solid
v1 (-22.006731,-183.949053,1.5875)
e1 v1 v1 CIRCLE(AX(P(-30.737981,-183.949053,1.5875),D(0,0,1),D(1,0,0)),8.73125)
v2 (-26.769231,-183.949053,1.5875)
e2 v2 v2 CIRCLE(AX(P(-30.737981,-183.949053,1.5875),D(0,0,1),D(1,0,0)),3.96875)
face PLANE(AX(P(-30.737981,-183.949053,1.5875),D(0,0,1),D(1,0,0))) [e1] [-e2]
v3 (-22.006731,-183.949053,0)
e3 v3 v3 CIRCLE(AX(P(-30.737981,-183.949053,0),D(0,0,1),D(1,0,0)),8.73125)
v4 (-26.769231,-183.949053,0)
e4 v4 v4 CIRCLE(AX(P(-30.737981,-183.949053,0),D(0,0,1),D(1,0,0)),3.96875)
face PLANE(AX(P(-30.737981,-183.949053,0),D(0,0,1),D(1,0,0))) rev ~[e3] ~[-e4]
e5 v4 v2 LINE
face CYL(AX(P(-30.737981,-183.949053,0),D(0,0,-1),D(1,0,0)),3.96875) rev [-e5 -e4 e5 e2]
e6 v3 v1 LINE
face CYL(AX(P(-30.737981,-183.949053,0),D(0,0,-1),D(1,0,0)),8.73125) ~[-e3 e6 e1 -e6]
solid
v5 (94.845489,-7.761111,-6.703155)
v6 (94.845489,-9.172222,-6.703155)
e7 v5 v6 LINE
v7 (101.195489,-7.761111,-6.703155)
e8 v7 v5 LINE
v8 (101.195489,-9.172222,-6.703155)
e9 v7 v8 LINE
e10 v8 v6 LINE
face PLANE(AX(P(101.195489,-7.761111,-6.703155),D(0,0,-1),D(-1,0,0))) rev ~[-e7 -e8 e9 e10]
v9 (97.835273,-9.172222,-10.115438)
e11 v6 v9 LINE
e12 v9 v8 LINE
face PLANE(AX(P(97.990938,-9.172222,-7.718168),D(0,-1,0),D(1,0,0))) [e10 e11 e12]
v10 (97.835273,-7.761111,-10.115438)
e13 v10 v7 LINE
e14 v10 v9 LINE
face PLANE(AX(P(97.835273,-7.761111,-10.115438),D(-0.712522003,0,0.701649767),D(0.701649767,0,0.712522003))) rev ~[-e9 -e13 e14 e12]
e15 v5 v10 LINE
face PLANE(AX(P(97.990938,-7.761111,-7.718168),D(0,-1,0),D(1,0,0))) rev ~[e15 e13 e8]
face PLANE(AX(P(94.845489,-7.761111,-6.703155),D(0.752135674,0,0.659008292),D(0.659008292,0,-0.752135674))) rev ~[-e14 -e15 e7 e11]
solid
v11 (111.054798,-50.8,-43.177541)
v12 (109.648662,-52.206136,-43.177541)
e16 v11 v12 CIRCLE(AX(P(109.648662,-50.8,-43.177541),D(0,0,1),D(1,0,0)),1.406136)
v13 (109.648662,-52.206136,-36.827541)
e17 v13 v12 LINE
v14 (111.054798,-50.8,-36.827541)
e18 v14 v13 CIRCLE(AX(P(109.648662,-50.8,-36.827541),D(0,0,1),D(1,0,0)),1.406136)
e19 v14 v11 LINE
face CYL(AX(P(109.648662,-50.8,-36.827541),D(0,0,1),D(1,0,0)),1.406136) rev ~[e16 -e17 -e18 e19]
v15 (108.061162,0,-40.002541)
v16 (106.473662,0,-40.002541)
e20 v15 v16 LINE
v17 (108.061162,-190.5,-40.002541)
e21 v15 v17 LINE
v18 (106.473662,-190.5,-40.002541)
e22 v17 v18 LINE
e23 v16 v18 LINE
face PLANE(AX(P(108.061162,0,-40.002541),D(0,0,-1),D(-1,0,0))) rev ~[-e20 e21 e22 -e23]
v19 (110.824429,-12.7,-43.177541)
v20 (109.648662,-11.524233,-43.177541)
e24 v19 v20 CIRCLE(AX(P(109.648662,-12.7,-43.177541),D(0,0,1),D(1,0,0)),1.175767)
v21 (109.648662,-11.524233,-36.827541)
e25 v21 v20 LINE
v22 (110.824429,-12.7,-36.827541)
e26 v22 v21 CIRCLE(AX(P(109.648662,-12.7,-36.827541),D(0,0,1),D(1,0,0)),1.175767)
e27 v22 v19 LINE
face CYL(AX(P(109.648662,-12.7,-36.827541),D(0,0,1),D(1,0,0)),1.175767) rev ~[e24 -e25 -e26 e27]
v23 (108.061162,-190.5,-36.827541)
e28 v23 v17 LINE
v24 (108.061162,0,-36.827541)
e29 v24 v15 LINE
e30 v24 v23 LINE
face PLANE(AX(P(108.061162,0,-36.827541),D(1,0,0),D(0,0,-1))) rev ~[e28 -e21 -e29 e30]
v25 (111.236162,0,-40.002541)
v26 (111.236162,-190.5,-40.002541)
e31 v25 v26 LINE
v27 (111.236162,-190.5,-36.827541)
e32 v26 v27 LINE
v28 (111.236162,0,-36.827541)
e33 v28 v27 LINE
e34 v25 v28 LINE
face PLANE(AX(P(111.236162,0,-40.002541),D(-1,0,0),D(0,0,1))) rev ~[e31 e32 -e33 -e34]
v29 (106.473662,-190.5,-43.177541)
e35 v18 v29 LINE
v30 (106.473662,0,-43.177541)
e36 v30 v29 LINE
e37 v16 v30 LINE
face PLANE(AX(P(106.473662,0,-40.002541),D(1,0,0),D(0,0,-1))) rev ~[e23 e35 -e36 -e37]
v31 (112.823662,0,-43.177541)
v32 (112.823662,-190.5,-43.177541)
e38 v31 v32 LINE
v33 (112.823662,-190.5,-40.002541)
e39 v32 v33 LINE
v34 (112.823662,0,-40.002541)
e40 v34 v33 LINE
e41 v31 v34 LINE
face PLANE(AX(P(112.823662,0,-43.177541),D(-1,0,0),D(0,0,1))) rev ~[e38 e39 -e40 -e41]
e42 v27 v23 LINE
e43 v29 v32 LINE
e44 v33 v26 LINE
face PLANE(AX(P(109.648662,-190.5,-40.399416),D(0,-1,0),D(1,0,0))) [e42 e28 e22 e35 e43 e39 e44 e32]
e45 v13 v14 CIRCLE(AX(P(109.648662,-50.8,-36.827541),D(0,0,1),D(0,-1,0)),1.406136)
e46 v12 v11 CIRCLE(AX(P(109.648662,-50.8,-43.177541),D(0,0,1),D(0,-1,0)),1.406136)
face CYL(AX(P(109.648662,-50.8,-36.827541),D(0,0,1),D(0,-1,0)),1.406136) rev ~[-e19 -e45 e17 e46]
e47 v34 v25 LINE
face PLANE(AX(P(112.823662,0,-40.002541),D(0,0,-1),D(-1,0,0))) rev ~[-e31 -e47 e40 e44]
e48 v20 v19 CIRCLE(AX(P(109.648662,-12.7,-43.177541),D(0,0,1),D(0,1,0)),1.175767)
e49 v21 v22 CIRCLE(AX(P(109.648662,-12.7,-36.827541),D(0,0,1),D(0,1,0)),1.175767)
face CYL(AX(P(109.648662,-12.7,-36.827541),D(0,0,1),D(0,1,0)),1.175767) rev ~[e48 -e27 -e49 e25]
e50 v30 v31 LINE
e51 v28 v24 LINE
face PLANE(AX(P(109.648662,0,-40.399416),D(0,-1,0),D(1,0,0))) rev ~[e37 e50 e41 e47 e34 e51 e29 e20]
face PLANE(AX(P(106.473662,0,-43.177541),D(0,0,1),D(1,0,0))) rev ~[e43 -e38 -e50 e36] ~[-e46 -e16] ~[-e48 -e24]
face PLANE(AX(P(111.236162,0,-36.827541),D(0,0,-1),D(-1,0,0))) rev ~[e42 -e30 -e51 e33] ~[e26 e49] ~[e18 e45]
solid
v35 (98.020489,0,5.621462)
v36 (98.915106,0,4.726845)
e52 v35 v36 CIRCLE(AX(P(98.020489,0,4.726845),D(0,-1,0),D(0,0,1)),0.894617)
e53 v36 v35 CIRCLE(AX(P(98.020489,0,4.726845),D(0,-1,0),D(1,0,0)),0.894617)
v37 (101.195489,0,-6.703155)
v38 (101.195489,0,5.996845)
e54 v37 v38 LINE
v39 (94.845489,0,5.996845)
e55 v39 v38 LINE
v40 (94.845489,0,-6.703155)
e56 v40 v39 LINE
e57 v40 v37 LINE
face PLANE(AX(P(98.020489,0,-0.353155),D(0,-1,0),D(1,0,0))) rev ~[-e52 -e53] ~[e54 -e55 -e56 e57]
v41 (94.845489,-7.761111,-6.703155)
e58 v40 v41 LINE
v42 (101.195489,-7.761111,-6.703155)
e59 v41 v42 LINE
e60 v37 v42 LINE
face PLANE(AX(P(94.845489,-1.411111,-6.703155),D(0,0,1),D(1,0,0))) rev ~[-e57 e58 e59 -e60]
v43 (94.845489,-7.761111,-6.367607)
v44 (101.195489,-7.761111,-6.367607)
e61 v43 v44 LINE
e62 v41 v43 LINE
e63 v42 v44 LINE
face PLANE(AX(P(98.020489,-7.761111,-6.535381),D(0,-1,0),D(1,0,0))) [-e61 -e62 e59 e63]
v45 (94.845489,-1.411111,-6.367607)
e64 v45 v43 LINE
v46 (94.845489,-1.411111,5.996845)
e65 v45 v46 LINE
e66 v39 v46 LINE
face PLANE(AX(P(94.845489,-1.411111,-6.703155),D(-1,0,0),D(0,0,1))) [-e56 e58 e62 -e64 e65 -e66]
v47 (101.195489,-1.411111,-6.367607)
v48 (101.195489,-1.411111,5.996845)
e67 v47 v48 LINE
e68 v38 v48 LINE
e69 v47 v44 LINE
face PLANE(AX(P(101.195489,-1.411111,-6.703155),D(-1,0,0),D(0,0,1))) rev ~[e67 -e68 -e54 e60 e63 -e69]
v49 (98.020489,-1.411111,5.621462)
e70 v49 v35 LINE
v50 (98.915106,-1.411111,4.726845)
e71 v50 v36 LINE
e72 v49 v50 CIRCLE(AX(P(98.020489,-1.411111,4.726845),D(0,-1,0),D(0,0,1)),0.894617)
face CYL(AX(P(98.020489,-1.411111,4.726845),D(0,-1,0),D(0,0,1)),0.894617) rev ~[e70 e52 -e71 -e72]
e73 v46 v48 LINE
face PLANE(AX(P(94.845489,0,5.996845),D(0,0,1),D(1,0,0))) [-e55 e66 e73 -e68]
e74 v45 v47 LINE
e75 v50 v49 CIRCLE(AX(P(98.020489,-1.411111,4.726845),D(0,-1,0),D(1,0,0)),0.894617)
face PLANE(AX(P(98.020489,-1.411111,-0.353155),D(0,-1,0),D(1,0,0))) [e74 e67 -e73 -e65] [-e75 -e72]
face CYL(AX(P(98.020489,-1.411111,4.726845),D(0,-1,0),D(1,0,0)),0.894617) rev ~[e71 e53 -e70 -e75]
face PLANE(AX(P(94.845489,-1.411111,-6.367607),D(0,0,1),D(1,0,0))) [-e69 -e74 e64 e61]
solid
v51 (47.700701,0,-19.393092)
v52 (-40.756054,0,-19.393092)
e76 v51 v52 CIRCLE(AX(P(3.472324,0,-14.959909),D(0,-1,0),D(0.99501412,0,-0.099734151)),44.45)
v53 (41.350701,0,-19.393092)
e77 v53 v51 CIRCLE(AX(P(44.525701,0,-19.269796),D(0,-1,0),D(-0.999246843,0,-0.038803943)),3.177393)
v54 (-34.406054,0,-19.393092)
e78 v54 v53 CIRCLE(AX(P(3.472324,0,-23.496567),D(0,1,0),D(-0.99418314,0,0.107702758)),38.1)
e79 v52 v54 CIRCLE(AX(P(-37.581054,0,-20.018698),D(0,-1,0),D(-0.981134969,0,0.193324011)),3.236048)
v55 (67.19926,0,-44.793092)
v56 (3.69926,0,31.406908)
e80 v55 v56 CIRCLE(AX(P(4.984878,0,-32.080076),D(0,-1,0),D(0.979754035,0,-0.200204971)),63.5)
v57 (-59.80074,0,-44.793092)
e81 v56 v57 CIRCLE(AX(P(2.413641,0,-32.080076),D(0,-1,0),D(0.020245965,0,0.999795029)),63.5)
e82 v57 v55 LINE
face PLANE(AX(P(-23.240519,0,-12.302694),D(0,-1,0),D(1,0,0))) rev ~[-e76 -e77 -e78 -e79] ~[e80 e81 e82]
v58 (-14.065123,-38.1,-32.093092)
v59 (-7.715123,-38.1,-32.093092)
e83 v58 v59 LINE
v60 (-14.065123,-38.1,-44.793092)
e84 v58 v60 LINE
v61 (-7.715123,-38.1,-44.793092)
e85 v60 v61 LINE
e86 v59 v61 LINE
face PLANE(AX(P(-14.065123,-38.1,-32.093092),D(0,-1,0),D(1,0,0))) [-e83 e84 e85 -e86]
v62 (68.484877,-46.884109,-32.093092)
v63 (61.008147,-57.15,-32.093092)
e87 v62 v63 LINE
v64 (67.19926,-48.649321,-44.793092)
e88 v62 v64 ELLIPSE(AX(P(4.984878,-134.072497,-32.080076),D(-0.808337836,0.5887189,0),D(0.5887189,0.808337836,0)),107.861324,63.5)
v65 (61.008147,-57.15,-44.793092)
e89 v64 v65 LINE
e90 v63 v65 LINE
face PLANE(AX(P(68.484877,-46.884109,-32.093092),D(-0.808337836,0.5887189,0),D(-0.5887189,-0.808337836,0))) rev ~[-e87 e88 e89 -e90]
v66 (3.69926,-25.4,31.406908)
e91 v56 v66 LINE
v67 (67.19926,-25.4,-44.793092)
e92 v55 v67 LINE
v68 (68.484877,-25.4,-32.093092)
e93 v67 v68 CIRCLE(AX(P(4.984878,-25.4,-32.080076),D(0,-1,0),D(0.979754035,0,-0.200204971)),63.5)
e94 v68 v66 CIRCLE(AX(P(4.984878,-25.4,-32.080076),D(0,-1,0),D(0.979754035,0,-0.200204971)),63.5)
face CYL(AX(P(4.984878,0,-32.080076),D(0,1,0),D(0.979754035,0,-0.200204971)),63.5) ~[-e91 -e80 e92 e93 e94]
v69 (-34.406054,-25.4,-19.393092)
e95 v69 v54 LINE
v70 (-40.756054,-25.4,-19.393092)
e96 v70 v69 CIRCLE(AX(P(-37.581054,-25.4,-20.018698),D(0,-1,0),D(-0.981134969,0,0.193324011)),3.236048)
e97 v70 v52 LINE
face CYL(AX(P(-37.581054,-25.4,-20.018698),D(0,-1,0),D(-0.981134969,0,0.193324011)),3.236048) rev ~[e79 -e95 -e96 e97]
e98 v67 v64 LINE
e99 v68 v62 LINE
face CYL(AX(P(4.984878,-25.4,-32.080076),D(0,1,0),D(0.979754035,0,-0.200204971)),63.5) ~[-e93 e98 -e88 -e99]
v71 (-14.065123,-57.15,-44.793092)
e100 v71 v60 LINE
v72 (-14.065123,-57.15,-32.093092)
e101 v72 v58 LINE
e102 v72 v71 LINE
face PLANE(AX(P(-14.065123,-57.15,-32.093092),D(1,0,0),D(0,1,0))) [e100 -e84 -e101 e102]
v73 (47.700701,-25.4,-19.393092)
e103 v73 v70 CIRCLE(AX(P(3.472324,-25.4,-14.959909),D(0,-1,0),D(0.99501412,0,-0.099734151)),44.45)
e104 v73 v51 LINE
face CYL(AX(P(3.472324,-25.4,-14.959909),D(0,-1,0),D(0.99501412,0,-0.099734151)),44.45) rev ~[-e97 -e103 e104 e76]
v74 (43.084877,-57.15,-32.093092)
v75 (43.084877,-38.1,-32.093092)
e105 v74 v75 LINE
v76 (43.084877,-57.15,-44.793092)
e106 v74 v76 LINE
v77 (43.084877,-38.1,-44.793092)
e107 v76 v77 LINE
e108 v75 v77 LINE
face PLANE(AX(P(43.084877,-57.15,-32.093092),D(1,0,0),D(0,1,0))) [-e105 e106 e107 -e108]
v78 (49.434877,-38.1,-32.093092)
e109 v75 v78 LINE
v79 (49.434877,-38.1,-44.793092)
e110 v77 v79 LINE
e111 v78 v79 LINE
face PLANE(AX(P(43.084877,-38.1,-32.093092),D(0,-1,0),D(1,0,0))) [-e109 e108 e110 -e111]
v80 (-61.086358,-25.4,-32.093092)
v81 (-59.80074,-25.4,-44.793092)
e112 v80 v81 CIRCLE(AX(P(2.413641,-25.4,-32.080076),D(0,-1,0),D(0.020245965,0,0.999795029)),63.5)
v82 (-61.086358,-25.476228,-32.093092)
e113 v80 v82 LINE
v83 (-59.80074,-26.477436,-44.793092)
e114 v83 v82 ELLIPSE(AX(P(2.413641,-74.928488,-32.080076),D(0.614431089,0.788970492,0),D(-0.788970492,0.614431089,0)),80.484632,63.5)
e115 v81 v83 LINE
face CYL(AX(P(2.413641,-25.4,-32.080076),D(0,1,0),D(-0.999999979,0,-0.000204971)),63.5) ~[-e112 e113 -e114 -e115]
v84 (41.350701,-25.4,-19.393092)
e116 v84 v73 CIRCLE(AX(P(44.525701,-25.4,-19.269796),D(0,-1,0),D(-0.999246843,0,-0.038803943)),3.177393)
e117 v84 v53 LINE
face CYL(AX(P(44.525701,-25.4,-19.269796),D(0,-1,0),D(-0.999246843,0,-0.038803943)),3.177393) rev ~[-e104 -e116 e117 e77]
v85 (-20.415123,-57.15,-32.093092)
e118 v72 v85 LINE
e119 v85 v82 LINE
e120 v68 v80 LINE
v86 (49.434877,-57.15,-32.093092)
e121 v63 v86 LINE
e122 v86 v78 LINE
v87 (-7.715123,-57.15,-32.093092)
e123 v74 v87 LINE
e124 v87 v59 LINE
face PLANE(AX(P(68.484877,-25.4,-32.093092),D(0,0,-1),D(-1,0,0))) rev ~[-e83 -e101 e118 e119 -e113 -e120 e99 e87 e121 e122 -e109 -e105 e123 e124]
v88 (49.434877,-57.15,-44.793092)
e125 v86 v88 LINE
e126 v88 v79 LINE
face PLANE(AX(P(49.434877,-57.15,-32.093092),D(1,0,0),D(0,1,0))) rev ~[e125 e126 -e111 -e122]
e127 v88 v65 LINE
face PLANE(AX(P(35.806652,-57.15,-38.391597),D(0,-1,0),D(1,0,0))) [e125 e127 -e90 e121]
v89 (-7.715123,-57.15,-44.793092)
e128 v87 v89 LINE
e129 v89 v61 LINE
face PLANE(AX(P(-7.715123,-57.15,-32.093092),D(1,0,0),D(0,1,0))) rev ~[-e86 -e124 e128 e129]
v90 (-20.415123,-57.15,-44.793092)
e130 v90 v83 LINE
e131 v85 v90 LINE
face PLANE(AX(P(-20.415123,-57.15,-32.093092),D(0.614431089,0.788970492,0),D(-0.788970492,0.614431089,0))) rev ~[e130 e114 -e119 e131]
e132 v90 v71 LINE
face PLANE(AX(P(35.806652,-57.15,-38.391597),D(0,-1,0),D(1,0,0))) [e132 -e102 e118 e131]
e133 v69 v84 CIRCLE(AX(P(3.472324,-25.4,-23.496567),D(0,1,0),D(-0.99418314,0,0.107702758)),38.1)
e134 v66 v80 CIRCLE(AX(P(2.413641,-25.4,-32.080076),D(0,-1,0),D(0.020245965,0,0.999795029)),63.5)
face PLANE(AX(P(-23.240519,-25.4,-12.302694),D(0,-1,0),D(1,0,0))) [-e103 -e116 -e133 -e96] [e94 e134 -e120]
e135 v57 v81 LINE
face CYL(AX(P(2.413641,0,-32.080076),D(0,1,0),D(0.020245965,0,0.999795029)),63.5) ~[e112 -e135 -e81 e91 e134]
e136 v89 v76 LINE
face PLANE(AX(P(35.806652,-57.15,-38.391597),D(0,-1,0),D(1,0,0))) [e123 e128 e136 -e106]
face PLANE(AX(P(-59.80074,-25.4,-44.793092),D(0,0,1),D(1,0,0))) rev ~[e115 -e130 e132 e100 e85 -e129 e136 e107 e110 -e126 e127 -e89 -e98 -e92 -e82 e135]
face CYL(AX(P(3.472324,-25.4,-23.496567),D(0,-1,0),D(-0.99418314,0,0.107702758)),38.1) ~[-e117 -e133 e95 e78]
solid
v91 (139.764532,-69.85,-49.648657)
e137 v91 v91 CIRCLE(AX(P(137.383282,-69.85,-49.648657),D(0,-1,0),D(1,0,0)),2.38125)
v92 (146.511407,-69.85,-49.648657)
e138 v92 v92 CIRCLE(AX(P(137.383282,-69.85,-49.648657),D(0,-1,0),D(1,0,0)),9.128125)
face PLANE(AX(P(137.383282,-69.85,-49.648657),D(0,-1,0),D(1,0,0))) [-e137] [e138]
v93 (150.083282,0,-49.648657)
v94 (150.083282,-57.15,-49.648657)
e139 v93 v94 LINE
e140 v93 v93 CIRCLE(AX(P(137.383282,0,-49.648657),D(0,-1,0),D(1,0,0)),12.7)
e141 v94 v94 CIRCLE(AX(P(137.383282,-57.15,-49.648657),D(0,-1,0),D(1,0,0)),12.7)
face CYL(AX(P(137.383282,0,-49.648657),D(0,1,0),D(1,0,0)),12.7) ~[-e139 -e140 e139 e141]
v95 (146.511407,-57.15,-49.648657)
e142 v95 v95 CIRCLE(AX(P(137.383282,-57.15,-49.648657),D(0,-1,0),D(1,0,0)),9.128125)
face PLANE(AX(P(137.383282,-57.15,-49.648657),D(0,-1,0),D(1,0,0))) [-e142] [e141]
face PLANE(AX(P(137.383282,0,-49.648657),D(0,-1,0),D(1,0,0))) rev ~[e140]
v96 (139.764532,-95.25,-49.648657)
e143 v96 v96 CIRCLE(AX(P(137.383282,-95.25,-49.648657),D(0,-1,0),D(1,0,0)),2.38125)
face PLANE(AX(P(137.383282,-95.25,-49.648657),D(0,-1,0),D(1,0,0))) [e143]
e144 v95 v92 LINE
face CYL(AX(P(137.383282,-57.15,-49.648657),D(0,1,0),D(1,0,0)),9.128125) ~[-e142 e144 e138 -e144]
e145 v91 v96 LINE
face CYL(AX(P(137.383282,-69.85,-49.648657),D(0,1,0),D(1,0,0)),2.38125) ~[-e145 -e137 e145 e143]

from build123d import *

# Parameters (mm, degrees)
F1_DEPTH  = 25.4
F3_DEPTH  = 31.75
F4_W      = 6.35
F4_H      = 19.05
F5_DEPTH  = 25.4
F7_DEPTH  = 25.4
F9_DEPTH  = 190.5
F11_DEPTH = 25.4
F13_DEPTH = 25.4
F14_R     = 12.7
F15_DEPTH = 57.15
F16_R     = 9.128125
F17_DEPTH = 12.7
F18_R     = 2.38125
F19_DEPTH = 25.4
F21_DEPTH = 25.4
F22_R     = 8.73125
F22_R_2   = 3.96875
F23_DEPTH = 1.5875
F24_W     = 6.35
F24_H     = 12.7
F25_DEPTH = 1.4111111111
F26_W     = 6.35
F26_H     = 0.3355476074
F27_DEPTH = 6.35
F29_DEPTH = 1.4111111111
F31_DEPTH = 25.4
F33_DEPTH = 25.4


with BuildPart() as f1:
    # F0 (on Front) → F1 (new body)
    with BuildSketch(Plane.XZ):
        with BuildLine():
            ThreePointArc((3.6992596686, 31.4069082856), (-46.3684103417, 8.5716332942), (-59.8007403314, -44.7930917144))
            Line((-59.8007403314, -44.7930917144), (3.6992596686, -44.7930917144))
            Line((3.6992596686, -44.7930917144), (3.6992596686, 31.4069082856))
        make_face()
        with BuildLine():
            Line((3.6992596686, 31.4069082856), (3.6992596686, -44.7930917144))
            Line((3.6992596686, -44.7930917144), (67.1992596686, -44.7930917144))
            ThreePointArc((67.1992596686, -44.7930917144), (53.7669296789, 8.5716332942), (3.6992596686, 31.4069082856))
        make_face()
    extrude(amount=F1_DEPTH)

    # F2 (on face) → F3 (join)
    with BuildSketch(Plane.XZ.offset(25.4)):
        with BuildLine():
            Line((3.6992596686, -32.0930917144), (3.6992596686, -44.7930917144))
            Line((3.6992596686, -44.7930917144), (67.1992596686, -44.7930917144))
            ThreePointArc((67.1992596686, -44.7930917144), (68.162001096, -38.4754784131), (68.4848770905, -32.0930917144))
            Line((68.4848770905, -32.0930917144), (3.6992596686, -32.0930917144))
        make_face()
        with BuildLine():
            Line((-59.8007403314, -44.7930917144), (3.6992596686, -44.7930917144))
            Line((3.6992596686, -44.7930917144), (3.6992596686, -32.0930917144))
            Line((3.6992596686, -32.0930917144), (-61.0863577533, -32.0930917144))
            ThreePointArc((-61.0863577533, -32.0930917144), (-60.7634817588, -38.4754784131), (-59.8007403314, -44.7930917144))
        make_face()
    extrude(amount=F3_DEPTH)

    # F4 (on face) → F5 (cut)
    with BuildSketch(Plane.XY.offset(-32.0930917144)):
        with Locations((-10.8901229095, -47.625)):
            Rectangle(F4_W, F4_H)
        with Locations((46.2598770905, -47.625)):
            Rectangle(F4_W, F4_H)
    extrude(amount=-F5_DEPTH, mode=Mode.SUBTRACT)

    # F6 (on face) → F7 (cut)
    with BuildSketch(Plane.XY.offset(-32.0930917144)):
        Polygon((-61.0863577533, -57.15), (-20.4151229095, -57.15), (-61.0863577533, -25.4762284458), align=None)
    extrude(amount=-F7_DEPTH, mode=Mode.SUBTRACT)

    # F10 (on face) → F11 (cut)
    with BuildSketch(Plane.XZ.offset(25.4)):
        with BuildLine():
            ThreePointArc((-34.4060539402, -19.3930917144), (3.4723236964, 14.6034332195), (41.3507013331, -19.3930917144))
            ThreePointArc((41.3507013331, -19.3930917144), (44.5257013331, -22.4471894102), (47.7007013331, -19.3930917144))
            ThreePointArc((47.7007013331, -19.3930917144), (3.4723236964, 29.4900912993), (-40.7560539402, -19.3930917144))
            ThreePointArc((-40.7560539402, -19.3930917144), (-37.5810539402, -23.2547456735), (-34.4060539402, -19.3930917144))
        make_face()
    extrude(amount=-F11_DEPTH, mode=Mode.SUBTRACT)

    # F12 (on face) → F13 (cut)
    with BuildSketch(Plane.XY.offset(-32.0930917144)):
        Polygon((68.4848770905, -46.8841094878), (61.0081470571, -57.15), (68.4848770905, -57.15), align=None)
    extrude(amount=-F13_DEPTH, mode=Mode.SUBTRACT)


with BuildPart() as f9:
    # F8 (on Front) → F9 (new body)
    with BuildSketch(Plane.XZ):
        Polygon((106.4736619592, -40.0025413454), (106.4736619592, -43.1775413454), (112.8236619592, -43.1775413454), (112.8236619592, -40.0025413454), (111.2361619592, -40.0025413454), (111.2361619592, -36.8275413454), (108.0611619592, -36.8275413454), (108.0611619592, -40.0025413454), align=None)
    extrude(amount=F9_DEPTH)

    # F20 (on face) → F21 (cut)
    with BuildSketch(Plane.XY.offset(-36.8275413454)):
        with BuildLine():
            ThreePointArc((111.0547976237, -50.8), (108.6543738955, -49.8057119363), (109.6486619592, -52.2061356645))
            ThreePointArc((109.6486619592, -52.2061356645), (110.6429500228, -51.7942880637), (111.0547976237, -50.8))
        make_face()
    extrude(amount=-F21_DEPTH, mode=Mode.SUBTRACT)

    # F32 (on face) → F33 (cut)
    with BuildSketch(Plane.XY.offset(-36.8275413454)):
        with BuildLine():
            ThreePointArc((110.8244292644, -12.7), (110.4800549938, -11.8686069654), (109.6486619592, -11.5242326948))
            ThreePointArc((109.6486619592, -11.5242326948), (108.8172689246, -13.5313930346), (110.8244292644, -12.7))
        make_face()
    extrude(amount=-F33_DEPTH, mode=Mode.SUBTRACT)


with BuildPart() as f15:
    # F14 (on Front) → F15 (new body)
    with BuildSketch(Plane.XZ):
        with Locations((137.3832821846, -49.6486574411)):
            Circle(F14_R)
    extrude(amount=F15_DEPTH)

    # F16 (on face) → F17 (join)
    with BuildSketch(Plane.XZ.offset(57.15)):
        with Locations((137.3832821846, -49.6486574411)):
            Circle(F16_R)
    extrude(amount=F17_DEPTH)

    # F18 (on face) → F19 (join)
    with BuildSketch(Plane.XZ.offset(69.85)):
        with Locations((137.3832821846, -49.6486574411)):
            Circle(F18_R)
    extrude(amount=F19_DEPTH)


with BuildPart() as f23:
    # F22 (on Top) → F23 (new body)
    with BuildSketch(Plane.XY):
        with Locations((-30.7379812002, -183.9490532875)):
            Circle(F22_R)
        with Locations((-30.7379812002, -183.9490532875)):
            Circle(F22_R_2, mode=Mode.SUBTRACT)
    extrude(amount=F23_DEPTH)


with BuildPart() as f25:
    # F24 (on Front) → F25 (new body)
    with BuildSketch(Plane.XZ):
        with Locations((98.0204886675, -0.3531546496)):
            Rectangle(F24_W, F24_H)
    extrude(amount=F25_DEPTH)

    # F26 (on face) → F27 (join)
    with BuildSketch(Plane.XZ.offset(1.4111111111)):
        with Locations((98.0204886675, -6.5353808459)):
            Rectangle(F26_W, F26_H)
    extrude(amount=F27_DEPTH)

    # F30 (on face) → F31 (cut)
    with BuildSketch(Plane.XZ.offset(1.4111111111)):
        with BuildLine():
            ThreePointArc((98.9151056661, 4.7268453504), (98.6530784137, 5.3594350967), (98.0204886675, 5.621462349))
            ThreePointArc((98.0204886675, 5.621462349), (97.3878989212, 4.0942556042), (98.9151056661, 4.7268453504))
        make_face()
    extrude(amount=-F31_DEPTH, mode=Mode.SUBTRACT)


with BuildPart() as f29:
    # F28 (on face) → F29 (new body)
    with BuildSketch(Plane.XZ.offset(7.7611111111)):
        Polygon((101.1954886675, -6.7031546496), (94.8454886675, -6.7031546496), (97.8352725506, -10.1154381409), align=None)
    extrude(amount=F29_DEPTH)


solid = Compound([f1.part, f9.part, f15.part, f23.part, f25.part, f29.part])
